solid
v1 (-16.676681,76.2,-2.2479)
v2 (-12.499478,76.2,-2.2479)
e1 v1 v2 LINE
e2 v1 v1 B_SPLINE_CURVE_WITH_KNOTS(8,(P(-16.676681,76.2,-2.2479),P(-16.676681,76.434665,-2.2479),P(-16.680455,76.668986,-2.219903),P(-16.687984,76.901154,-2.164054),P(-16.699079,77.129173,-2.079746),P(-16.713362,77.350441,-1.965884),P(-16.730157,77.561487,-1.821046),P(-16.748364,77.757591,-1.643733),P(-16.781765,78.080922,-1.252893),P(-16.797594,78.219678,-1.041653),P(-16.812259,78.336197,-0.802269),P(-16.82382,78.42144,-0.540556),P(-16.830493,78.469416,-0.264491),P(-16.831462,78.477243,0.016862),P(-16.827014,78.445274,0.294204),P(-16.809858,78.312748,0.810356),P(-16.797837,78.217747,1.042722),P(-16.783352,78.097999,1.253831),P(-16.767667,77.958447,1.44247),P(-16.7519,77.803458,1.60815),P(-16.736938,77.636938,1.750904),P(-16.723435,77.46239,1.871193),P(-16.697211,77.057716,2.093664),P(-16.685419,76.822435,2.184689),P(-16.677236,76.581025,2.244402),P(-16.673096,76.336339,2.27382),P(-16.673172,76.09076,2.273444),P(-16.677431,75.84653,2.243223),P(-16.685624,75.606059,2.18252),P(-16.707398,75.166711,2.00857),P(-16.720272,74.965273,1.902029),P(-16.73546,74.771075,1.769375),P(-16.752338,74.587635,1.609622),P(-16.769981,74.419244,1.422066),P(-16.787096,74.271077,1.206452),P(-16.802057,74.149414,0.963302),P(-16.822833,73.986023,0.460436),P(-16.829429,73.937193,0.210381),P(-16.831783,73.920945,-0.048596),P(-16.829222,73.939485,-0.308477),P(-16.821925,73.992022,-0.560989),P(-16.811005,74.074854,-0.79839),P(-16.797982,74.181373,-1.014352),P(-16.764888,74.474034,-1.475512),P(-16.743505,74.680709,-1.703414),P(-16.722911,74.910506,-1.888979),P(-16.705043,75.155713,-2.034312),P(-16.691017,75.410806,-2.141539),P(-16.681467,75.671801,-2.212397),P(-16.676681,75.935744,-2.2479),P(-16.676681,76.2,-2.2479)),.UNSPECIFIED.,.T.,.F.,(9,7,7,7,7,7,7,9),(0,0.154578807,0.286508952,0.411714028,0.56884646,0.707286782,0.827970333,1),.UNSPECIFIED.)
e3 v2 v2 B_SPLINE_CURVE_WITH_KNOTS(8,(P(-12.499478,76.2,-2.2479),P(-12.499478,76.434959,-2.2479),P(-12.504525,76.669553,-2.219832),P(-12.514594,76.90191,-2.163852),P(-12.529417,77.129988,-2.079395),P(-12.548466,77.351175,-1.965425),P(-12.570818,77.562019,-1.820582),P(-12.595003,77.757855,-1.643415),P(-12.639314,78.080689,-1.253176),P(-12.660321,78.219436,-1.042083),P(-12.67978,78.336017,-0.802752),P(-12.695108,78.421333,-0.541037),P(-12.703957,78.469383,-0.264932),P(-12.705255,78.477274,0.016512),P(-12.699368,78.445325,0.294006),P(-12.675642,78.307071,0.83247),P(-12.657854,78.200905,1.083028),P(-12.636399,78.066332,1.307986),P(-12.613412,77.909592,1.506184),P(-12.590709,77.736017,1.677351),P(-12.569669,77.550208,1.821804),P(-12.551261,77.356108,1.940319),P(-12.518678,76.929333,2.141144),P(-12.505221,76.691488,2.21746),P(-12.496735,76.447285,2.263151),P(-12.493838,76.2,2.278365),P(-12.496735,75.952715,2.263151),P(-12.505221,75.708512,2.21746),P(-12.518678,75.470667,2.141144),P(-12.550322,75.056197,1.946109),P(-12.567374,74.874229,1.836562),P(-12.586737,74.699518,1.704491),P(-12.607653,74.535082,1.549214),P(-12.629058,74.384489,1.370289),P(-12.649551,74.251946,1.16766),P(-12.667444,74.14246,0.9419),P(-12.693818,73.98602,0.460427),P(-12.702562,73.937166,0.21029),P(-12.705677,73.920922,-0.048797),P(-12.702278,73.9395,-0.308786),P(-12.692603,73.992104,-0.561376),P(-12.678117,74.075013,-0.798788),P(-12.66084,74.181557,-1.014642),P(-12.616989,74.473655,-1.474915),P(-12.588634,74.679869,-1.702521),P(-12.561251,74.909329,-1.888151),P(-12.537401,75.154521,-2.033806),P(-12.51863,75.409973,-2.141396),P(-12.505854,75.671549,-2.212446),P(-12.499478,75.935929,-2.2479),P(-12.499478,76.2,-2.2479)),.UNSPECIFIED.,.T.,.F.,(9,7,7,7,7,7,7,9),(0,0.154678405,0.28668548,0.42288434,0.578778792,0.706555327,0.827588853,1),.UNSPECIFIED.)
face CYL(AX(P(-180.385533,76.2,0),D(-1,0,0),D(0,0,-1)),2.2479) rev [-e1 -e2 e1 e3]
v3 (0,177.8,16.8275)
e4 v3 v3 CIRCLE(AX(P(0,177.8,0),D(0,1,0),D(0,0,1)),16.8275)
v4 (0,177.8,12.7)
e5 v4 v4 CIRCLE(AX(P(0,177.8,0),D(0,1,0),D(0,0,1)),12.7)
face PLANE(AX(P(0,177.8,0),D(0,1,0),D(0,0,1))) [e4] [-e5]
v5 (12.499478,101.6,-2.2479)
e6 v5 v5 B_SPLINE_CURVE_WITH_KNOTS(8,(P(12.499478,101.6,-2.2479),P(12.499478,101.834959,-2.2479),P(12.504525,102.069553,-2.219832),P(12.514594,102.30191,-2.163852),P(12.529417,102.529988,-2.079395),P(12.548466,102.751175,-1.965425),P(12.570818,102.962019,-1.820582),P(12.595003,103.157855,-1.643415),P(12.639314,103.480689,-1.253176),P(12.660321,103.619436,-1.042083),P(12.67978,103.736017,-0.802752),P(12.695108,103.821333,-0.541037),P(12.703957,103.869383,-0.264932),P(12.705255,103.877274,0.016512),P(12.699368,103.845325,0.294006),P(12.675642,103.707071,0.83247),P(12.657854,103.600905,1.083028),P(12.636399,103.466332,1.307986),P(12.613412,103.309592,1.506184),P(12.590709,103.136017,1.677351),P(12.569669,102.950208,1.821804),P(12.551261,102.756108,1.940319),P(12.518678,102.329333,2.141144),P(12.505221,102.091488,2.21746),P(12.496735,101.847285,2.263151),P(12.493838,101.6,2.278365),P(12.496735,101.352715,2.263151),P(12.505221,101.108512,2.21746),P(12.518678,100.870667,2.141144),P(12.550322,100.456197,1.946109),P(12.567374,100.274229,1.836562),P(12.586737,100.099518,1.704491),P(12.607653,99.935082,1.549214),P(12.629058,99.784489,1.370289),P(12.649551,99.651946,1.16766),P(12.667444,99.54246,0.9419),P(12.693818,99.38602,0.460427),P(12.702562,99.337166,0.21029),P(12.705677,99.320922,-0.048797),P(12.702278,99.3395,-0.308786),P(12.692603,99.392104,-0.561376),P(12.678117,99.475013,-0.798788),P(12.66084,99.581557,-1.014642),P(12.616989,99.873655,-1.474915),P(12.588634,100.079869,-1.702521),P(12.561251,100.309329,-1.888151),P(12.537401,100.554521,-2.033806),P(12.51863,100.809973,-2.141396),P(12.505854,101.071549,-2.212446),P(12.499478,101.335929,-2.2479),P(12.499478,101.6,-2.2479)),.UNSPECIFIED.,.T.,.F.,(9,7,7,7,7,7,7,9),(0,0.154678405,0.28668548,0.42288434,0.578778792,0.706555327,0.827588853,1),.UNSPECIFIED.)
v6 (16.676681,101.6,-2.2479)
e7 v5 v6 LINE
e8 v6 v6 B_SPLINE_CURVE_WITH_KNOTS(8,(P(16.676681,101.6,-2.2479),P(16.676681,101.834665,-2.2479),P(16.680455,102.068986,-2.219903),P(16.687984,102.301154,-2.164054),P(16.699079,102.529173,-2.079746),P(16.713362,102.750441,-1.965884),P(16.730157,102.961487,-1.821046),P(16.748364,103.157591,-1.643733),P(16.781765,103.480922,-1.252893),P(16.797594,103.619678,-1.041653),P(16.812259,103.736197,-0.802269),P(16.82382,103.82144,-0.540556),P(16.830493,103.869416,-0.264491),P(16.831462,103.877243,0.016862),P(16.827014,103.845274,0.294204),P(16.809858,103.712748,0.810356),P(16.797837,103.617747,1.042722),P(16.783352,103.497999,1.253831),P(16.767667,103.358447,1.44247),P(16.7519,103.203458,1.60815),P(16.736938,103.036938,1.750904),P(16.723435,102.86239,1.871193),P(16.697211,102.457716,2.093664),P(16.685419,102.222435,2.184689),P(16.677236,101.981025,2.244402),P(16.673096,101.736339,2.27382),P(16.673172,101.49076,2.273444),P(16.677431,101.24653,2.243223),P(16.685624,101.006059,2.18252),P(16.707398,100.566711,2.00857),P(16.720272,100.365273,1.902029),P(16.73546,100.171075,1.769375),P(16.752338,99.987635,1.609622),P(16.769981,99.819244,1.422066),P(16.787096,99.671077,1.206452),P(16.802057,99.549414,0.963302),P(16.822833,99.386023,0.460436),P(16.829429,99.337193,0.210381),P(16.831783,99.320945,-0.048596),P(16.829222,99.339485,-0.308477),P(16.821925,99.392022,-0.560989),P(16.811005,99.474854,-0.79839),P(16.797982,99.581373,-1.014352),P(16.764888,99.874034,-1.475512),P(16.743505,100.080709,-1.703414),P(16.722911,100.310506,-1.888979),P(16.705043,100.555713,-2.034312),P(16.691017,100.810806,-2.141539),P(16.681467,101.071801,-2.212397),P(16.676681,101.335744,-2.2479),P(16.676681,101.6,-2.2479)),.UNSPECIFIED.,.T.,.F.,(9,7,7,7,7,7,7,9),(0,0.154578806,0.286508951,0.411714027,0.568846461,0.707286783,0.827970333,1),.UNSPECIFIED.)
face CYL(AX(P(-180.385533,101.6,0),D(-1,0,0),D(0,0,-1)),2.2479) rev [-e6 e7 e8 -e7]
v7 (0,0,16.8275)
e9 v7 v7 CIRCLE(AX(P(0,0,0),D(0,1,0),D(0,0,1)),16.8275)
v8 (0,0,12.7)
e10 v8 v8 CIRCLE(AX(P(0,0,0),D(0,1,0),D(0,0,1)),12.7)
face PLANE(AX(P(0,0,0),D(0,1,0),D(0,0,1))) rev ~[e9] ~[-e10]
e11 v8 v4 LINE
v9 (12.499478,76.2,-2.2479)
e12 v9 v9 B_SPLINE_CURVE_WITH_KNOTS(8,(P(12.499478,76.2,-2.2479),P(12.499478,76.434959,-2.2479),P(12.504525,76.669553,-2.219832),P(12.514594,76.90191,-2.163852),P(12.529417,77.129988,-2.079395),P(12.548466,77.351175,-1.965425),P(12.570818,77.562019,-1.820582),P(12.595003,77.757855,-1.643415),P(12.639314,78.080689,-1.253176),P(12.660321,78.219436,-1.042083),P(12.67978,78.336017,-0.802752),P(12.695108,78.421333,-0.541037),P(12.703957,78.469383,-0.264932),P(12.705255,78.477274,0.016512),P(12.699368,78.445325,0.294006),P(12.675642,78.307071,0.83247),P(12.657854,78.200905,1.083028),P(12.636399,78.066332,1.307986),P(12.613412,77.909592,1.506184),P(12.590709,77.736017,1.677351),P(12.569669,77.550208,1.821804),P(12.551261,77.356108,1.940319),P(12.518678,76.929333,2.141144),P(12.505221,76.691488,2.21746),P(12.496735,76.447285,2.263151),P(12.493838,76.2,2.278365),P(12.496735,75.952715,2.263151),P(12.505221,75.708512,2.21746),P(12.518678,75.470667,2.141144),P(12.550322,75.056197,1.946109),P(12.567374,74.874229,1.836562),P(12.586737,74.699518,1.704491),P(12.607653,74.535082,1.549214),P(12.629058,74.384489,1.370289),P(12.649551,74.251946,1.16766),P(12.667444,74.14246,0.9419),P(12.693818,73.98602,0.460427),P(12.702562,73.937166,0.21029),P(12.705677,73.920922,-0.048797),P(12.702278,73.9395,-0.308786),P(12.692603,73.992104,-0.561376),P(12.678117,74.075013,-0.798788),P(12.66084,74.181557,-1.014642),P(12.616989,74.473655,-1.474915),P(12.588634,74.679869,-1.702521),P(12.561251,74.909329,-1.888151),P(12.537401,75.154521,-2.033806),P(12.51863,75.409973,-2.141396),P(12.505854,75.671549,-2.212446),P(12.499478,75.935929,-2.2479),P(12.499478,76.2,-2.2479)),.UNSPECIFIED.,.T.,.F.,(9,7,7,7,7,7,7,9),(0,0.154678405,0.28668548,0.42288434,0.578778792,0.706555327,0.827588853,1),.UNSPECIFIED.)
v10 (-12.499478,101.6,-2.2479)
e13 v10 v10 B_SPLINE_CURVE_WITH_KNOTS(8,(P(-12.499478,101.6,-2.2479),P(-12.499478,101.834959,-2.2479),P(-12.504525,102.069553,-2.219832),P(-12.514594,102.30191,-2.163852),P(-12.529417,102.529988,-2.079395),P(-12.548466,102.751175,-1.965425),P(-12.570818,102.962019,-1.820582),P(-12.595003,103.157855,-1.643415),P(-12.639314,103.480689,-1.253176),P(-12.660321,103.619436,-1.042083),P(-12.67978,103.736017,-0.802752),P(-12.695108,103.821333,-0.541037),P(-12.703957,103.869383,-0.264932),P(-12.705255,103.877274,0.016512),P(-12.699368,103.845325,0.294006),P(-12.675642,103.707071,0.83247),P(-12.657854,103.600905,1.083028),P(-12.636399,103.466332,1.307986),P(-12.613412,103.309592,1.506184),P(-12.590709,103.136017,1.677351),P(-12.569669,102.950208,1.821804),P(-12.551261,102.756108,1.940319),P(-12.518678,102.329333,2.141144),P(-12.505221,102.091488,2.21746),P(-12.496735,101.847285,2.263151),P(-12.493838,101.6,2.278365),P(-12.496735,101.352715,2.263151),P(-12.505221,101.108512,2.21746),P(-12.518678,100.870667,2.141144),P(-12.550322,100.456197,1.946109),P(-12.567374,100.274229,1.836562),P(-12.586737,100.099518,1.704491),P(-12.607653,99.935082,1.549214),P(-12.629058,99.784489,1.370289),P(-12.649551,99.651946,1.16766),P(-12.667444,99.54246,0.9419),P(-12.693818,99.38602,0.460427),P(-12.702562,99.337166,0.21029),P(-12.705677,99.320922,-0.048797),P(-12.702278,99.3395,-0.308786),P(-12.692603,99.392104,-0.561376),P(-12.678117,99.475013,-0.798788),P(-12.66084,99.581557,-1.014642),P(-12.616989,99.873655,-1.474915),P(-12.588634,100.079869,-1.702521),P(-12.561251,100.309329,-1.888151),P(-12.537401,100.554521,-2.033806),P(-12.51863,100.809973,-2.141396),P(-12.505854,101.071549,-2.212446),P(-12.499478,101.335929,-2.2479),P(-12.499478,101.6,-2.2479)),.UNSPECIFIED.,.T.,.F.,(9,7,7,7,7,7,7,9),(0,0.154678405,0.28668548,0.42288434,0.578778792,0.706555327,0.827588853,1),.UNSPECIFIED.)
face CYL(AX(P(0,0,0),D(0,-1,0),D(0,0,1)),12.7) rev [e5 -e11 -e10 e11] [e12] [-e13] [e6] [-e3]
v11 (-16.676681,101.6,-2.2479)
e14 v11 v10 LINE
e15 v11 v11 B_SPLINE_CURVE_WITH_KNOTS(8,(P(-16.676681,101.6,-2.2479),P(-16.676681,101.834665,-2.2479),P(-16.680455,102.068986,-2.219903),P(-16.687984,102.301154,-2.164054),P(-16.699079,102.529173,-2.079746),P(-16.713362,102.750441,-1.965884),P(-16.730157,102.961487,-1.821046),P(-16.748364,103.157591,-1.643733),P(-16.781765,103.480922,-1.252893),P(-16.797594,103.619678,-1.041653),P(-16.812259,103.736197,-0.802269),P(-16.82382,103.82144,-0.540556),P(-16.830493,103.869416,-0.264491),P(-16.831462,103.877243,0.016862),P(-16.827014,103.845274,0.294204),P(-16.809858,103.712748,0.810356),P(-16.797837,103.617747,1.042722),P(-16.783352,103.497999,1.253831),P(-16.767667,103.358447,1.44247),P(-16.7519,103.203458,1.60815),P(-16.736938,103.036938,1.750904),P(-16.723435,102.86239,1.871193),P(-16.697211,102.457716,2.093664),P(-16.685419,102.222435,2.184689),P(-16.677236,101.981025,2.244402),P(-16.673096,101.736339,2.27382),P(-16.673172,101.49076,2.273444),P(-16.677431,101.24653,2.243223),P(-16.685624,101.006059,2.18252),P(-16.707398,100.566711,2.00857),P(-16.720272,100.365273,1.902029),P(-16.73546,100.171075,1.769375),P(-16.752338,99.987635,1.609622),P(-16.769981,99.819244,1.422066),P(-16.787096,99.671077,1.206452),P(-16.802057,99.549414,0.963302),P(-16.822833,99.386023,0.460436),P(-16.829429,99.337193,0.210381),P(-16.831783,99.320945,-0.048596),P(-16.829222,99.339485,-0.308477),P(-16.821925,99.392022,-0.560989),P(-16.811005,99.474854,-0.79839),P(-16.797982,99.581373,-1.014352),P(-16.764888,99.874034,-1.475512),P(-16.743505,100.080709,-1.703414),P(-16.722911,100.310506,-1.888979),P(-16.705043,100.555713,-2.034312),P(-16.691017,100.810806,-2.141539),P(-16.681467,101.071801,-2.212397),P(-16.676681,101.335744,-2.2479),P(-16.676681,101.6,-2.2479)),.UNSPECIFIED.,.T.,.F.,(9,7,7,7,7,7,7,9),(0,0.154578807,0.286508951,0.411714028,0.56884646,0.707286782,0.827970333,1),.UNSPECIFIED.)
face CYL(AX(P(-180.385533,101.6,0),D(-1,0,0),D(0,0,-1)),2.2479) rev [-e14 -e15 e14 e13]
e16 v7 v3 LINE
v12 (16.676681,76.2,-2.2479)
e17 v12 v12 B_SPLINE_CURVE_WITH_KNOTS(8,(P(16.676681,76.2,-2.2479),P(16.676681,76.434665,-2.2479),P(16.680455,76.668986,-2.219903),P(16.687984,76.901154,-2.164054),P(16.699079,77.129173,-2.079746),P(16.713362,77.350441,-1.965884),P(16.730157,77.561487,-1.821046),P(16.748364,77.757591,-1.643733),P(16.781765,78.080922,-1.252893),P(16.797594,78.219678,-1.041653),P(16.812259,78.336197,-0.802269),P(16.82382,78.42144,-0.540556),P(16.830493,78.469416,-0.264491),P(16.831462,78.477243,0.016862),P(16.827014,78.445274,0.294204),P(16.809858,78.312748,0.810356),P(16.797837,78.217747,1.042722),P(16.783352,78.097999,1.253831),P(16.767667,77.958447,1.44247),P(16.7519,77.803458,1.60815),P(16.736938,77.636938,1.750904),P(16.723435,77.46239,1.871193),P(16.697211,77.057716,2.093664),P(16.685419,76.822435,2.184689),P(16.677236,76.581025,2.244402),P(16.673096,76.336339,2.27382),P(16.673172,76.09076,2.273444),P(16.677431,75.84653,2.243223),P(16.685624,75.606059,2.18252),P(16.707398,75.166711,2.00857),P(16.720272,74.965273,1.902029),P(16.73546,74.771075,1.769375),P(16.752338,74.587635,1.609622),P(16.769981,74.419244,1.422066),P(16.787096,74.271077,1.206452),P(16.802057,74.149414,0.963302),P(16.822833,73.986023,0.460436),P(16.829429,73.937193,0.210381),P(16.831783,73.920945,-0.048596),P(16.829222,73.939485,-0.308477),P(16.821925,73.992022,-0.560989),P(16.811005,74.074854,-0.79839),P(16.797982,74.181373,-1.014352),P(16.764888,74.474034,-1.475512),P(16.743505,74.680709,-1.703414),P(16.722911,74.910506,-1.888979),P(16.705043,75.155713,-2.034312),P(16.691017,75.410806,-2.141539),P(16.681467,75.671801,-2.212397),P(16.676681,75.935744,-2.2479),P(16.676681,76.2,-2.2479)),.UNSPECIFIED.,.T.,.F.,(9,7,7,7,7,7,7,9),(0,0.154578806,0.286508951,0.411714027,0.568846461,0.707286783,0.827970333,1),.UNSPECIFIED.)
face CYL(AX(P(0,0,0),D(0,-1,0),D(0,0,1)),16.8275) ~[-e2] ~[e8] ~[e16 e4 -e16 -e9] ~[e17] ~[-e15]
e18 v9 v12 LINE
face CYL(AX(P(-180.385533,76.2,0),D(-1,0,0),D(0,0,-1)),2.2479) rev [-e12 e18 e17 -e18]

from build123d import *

# Parameters (mm, degrees)
SKETCH1_R               = 16.8275
SKETCH1_R_2             = 12.7
BOSS_EXTRUDE1_DEPTH     = 177.8
CUT_EXTRUDE1_DEPTH      = 180.385533175
CUT_EXTRUDE1_DEPTH_BACK = 180.385533175
SKETCH2_R               = 2.2479


with BuildPart() as part:
    # Sketch1 → Boss-Extrude1 (new body)
    with BuildSketch(Plane(origin=(0, 0, 0), x_dir=(1, 0, 0), z_dir=(0, 1, 0))):
        with Locations(Location((0, 0, 0), (0, 0, 270))):
            Circle(SKETCH1_R)
        with Locations(Location((0, 0, 0), (0, 0, 270))):
            Circle(SKETCH1_R_2, mode=Mode.SUBTRACT)
    extrude(amount=BOSS_EXTRUDE1_DEPTH)

    # Sketch2 → Cut-Extrude1 (cut, two sides: drawn at the far end of the back side and taken through both)
    with BuildSketch(Plane(origin=(0, 0, 0), x_dir=(0, 0, -1), z_dir=(1, 0, 0)).offset(-CUT_EXTRUDE1_DEPTH_BACK)):
        with Locations((0, 76.2)):
            Circle(SKETCH2_R)
        with Locations((0, 101.6)):
            Circle(SKETCH2_R)
    extrude(amount=CUT_EXTRUDE1_DEPTH + CUT_EXTRUDE1_DEPTH_BACK, mode=Mode.SUBTRACT)


solid = part.part
